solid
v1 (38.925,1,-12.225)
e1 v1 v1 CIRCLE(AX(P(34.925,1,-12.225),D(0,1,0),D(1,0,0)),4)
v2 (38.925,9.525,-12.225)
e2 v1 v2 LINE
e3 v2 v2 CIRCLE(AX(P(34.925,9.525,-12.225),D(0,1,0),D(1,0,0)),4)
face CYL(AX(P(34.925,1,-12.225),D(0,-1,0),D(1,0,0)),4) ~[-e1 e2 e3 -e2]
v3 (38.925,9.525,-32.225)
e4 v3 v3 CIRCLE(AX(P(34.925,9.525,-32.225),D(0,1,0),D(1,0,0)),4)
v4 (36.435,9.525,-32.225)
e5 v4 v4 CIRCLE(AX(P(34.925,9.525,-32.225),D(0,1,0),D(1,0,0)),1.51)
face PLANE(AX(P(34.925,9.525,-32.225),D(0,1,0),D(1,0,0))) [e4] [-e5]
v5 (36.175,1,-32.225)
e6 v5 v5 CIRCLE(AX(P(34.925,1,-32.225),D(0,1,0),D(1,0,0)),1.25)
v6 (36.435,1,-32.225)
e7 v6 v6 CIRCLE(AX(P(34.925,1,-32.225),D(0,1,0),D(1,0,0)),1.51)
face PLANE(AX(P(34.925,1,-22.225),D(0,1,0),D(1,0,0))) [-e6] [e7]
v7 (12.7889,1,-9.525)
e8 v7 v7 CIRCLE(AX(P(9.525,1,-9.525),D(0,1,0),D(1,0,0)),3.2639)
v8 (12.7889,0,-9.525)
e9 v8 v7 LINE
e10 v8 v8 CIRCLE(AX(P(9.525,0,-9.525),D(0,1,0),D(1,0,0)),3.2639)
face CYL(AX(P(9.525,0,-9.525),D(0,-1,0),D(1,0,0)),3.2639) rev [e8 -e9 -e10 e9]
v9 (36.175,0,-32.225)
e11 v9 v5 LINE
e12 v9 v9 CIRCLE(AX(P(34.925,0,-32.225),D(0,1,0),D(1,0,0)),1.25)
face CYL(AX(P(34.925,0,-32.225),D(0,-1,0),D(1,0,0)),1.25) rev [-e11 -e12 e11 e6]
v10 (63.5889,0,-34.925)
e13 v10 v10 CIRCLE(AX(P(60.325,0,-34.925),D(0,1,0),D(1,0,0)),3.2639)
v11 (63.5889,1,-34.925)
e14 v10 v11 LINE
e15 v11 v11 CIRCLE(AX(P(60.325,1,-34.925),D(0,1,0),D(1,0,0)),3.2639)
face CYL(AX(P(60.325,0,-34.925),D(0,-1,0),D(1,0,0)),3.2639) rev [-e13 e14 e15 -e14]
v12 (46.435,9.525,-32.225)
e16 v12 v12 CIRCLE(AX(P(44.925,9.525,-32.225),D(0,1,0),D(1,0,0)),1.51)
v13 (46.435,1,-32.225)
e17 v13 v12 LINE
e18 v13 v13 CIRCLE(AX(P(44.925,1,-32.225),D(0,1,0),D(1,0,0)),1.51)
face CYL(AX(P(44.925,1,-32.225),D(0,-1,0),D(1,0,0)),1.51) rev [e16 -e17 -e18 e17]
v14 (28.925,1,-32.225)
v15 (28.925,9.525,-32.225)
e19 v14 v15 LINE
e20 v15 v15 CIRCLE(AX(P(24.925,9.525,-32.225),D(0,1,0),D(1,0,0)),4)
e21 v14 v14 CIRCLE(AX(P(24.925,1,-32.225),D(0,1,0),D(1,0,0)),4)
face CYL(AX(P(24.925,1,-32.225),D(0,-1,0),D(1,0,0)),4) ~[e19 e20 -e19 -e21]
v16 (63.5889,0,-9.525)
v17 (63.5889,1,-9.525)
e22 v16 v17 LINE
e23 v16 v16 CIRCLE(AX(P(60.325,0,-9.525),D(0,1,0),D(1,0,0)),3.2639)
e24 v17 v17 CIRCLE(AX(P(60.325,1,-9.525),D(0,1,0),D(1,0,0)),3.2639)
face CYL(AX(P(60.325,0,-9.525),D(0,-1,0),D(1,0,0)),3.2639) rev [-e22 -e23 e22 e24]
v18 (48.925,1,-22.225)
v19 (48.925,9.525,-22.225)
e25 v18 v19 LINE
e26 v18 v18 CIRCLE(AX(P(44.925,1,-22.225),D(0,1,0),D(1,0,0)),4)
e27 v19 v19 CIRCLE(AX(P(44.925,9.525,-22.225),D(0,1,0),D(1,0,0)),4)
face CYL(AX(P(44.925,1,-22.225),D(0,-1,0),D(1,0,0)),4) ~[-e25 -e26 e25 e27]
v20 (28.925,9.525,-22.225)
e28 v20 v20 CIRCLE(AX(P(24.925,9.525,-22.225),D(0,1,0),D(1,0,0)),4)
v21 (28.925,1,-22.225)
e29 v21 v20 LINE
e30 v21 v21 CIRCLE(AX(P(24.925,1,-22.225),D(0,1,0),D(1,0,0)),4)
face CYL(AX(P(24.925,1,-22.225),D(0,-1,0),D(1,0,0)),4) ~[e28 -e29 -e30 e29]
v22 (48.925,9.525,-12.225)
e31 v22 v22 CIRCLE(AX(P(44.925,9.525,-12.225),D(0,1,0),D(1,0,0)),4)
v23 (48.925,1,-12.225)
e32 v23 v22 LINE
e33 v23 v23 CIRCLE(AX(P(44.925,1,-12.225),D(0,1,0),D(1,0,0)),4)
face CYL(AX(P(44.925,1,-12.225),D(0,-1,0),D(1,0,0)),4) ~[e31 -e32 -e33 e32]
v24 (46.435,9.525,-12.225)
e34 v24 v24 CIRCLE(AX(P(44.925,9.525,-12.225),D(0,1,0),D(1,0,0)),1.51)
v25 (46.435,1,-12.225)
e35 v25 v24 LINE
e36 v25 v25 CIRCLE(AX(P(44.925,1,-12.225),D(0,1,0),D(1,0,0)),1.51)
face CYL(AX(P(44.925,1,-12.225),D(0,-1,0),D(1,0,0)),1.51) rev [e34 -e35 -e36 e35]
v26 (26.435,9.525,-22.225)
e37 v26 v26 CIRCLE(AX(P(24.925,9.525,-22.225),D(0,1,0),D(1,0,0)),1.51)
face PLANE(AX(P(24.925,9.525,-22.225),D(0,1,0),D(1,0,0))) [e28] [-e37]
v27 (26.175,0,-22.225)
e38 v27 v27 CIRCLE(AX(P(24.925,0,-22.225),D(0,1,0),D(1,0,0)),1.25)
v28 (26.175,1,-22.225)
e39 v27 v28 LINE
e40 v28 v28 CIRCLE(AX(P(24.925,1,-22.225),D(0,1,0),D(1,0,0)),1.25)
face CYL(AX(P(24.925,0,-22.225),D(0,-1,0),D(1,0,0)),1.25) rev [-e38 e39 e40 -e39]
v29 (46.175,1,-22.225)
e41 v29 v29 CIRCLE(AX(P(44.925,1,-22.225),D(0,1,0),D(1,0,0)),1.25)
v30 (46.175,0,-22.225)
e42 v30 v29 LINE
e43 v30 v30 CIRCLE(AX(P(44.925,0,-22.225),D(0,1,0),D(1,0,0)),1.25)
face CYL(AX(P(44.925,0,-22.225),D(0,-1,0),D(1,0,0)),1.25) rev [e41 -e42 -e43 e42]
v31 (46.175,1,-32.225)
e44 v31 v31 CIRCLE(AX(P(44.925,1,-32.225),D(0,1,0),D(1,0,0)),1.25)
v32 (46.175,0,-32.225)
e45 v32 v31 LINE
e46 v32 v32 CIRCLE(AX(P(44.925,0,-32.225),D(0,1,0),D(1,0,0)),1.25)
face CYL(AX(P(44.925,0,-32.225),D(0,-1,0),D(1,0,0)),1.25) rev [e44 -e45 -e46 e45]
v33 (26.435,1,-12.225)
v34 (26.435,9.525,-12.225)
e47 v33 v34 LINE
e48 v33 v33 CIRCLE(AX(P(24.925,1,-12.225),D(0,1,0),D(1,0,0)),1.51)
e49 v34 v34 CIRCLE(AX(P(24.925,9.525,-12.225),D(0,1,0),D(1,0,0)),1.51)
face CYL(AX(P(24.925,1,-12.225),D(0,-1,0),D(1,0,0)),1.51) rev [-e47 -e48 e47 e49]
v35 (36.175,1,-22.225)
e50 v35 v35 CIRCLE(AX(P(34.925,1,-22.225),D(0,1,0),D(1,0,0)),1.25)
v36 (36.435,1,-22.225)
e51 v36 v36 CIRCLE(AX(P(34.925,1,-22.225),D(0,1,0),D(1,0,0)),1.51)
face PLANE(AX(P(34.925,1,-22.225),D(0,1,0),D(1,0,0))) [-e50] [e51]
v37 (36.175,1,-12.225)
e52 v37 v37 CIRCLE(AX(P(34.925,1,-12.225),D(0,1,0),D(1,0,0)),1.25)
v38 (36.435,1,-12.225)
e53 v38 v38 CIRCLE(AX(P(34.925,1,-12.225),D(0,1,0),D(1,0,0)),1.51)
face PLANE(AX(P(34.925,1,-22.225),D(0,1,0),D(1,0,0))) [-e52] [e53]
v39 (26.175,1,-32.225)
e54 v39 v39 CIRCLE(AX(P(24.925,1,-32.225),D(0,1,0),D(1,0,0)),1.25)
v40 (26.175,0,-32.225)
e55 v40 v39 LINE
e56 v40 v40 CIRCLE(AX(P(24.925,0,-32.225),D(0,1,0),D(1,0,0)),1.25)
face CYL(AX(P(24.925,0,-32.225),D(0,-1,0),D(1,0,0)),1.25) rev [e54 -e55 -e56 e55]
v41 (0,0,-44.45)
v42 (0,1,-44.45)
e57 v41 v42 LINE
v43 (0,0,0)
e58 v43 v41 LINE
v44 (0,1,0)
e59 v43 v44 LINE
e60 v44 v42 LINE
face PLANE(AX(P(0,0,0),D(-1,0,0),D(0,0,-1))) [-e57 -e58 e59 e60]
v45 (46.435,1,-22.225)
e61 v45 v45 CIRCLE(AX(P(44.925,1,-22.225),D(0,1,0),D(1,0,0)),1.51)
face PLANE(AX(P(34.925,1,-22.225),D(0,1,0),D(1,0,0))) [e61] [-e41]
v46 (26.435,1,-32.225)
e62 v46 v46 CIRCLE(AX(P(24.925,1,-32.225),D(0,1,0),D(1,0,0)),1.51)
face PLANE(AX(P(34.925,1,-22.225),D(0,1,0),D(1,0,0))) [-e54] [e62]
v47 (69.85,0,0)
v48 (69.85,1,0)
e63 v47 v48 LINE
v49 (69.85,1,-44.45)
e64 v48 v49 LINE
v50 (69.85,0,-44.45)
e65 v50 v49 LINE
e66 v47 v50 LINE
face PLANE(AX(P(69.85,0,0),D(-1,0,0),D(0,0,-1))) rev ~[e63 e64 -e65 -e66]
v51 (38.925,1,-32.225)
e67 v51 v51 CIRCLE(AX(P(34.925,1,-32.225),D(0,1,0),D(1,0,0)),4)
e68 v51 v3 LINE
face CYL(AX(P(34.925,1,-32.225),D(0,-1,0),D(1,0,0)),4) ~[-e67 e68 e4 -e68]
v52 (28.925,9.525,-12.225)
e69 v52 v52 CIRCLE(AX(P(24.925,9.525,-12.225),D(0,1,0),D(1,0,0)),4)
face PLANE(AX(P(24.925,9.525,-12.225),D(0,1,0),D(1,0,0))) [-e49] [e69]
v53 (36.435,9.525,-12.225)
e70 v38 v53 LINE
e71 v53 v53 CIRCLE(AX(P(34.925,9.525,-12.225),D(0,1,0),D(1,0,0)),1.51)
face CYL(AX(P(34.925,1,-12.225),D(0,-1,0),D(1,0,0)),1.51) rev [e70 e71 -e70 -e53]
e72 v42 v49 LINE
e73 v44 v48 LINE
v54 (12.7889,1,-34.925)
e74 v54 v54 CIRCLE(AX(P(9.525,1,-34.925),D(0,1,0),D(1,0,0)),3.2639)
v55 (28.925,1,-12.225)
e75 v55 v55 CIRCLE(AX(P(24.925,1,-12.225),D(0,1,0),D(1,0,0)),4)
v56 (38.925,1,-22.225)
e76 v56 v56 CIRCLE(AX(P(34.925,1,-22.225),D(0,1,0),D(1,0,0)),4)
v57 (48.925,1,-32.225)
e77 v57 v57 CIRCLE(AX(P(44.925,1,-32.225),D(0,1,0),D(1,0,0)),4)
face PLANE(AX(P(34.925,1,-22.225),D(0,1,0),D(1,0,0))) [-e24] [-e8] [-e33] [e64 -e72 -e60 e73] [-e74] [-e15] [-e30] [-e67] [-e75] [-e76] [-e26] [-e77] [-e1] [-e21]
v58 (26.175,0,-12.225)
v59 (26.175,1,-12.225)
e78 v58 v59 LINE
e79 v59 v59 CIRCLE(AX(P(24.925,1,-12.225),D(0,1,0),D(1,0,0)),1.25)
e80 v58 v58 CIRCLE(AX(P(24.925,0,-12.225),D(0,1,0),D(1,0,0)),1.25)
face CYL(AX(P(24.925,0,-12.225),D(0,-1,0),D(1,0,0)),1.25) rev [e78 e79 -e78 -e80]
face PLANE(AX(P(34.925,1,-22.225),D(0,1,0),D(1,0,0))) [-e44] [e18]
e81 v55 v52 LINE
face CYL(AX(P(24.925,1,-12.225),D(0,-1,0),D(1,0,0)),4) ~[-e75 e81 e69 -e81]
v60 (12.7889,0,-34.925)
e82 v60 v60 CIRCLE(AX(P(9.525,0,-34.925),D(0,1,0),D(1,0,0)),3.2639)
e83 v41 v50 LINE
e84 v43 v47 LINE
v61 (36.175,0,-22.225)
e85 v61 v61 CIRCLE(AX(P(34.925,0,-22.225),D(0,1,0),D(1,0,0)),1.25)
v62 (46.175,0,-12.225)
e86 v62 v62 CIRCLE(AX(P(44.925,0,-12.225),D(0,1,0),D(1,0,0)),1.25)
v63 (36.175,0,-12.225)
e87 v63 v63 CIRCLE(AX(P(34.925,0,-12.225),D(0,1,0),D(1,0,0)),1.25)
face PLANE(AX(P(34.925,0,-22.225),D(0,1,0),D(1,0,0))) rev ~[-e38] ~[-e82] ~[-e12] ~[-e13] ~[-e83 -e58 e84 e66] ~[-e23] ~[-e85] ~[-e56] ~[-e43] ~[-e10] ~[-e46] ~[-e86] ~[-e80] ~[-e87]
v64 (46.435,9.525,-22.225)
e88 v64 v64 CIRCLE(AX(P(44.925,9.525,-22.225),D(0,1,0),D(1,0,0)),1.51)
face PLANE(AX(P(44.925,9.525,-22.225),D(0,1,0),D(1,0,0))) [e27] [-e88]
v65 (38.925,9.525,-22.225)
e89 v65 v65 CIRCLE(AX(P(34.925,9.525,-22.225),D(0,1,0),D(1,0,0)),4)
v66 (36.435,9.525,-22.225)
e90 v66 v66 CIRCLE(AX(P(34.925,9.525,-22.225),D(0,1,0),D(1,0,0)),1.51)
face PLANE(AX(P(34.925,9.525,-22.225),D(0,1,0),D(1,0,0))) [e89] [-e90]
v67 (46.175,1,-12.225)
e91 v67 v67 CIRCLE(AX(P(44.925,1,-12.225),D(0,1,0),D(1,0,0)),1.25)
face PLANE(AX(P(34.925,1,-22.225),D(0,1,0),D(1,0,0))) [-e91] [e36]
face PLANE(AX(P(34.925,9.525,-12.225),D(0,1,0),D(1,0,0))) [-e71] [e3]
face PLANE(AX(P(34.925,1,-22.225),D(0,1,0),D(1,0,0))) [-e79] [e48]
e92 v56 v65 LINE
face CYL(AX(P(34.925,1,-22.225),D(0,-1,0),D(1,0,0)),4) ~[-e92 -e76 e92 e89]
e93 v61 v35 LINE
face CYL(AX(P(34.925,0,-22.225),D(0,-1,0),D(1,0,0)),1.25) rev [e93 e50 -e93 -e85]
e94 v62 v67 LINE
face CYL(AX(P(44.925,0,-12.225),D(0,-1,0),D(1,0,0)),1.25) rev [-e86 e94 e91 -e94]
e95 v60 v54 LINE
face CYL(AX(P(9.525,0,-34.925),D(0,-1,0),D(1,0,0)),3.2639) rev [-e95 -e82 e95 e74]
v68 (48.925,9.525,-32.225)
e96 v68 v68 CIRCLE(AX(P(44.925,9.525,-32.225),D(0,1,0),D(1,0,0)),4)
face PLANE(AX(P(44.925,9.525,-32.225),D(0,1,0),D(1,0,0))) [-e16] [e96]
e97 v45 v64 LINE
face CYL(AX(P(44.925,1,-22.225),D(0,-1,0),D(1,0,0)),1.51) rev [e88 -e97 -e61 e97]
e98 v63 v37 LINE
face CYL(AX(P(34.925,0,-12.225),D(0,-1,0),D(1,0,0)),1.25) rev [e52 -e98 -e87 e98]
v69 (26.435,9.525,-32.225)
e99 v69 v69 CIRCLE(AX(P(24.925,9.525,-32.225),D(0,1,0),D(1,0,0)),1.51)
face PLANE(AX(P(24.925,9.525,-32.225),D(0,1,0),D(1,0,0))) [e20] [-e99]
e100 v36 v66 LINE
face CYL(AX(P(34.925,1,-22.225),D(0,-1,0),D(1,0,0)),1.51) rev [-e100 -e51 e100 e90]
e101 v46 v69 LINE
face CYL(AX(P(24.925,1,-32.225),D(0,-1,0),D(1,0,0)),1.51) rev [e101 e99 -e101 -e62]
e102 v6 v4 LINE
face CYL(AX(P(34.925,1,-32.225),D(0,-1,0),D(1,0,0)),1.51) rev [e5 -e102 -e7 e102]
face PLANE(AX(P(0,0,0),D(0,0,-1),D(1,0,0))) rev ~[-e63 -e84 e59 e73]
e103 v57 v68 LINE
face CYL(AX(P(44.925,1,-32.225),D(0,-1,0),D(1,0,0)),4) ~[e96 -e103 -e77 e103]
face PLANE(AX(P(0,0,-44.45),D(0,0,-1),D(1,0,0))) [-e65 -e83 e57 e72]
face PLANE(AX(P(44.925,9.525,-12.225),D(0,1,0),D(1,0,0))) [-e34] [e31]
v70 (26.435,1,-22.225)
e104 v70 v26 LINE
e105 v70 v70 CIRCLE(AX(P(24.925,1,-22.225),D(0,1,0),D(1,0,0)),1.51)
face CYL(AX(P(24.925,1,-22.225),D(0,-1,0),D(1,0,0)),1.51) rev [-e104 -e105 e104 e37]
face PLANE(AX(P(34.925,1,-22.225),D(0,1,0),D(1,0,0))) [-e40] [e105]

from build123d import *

# Parameters (mm, degrees)
SKETCH1_W           = 69.85
SKETCH1_H           = 44.45
SKETCH1_R           = 1.25
SKETCH1_R_2         = 3.2639
BOSS_EXTRUDE1_DEPTH = 1
SKETCH2_R           = 4
SKETCH2_R_2         = 1.51
BOSS_EXTRUDE2_DEPTH = 8.525


with BuildPart() as part:
    # Sketch1 → Boss-Extrude1 (new body)
    with BuildSketch(Plane(origin=(0, 0, 0), x_dir=(1, 0, 0), z_dir=(0, 1, 0))):
        with Locations((34.925, 22.225)):
            Rectangle(SKETCH1_W, SKETCH1_H)
        with Locations((24.925, 12.225)):
            Circle(SKETCH1_R, mode=Mode.SUBTRACT)
        with Locations((34.925, 12.225)):
            Circle(SKETCH1_R, mode=Mode.SUBTRACT)
        with Locations((44.925, 12.225)):
            Circle(SKETCH1_R, mode=Mode.SUBTRACT)
        with Locations((24.925, 32.225)):
            Circle(SKETCH1_R, mode=Mode.SUBTRACT)
        with Locations((24.925, 22.225)):
            Circle(SKETCH1_R, mode=Mode.SUBTRACT)
        with Locations((34.925, 32.225)):
            Circle(SKETCH1_R, mode=Mode.SUBTRACT)
        with Locations((44.925, 32.225)):
            Circle(SKETCH1_R, mode=Mode.SUBTRACT)
        with Locations((44.925, 22.225)):
            Circle(SKETCH1_R, mode=Mode.SUBTRACT)
        with Locations((34.925, 22.225)):
            Circle(SKETCH1_R, mode=Mode.SUBTRACT)
        with Locations((60.325, 9.525)):
            Circle(SKETCH1_R_2, mode=Mode.SUBTRACT)
        with Locations((9.525, 9.525)):
            Circle(SKETCH1_R_2, mode=Mode.SUBTRACT)
        with Locations((60.325, 34.925)):
            Circle(SKETCH1_R_2, mode=Mode.SUBTRACT)
        with Locations((9.525, 34.925)):
            Circle(SKETCH1_R_2, mode=Mode.SUBTRACT)
    extrude(amount=BOSS_EXTRUDE1_DEPTH)

    # Sketch2 → Boss-Extrude2 (add)
    with BuildSketch(Plane(origin=(0, 1, 0), x_dir=(1, 0, 0), z_dir=(0, 1, 0))):
        with Locations((34.925, 22.225)):
            Circle(SKETCH2_R)
        with Locations((34.925, 22.225)):
            Circle(SKETCH2_R_2, mode=Mode.SUBTRACT)
        with Locations((44.925, 22.225)):
            Circle(SKETCH2_R)
        with Locations((44.925, 22.225)):
            Circle(SKETCH2_R_2, mode=Mode.SUBTRACT)
        with Locations((44.925, 32.225)):
            Circle(SKETCH2_R)
        with Locations((44.925, 32.225)):
            Circle(SKETCH2_R_2, mode=Mode.SUBTRACT)
        with Locations((34.925, 32.225)):
            Circle(SKETCH2_R)
        with Locations((34.925, 32.225)):
            Circle(SKETCH2_R_2, mode=Mode.SUBTRACT)
        with Locations((44.925, 12.225)):
            Circle(SKETCH2_R)
        with Locations((44.925, 12.225)):
            Circle(SKETCH2_R_2, mode=Mode.SUBTRACT)
        with Locations((34.925, 12.225)):
            Circle(SKETCH2_R)
        with Locations((34.925, 12.225)):
            Circle(SKETCH2_R_2, mode=Mode.SUBTRACT)
        with Locations((24.925, 22.225)):
            Circle(SKETCH2_R)
        with Locations((24.925, 22.225)):
            Circle(SKETCH2_R_2, mode=Mode.SUBTRACT)
        with Locations((24.925, 32.225)):
            Circle(SKETCH2_R)
        with Locations((24.925, 32.225)):
            Circle(SKETCH2_R_2, mode=Mode.SUBTRACT)
        with Locations((24.925, 12.225)):
            Circle(SKETCH2_R)
        with Locations((24.925, 12.225)):
            Circle(SKETCH2_R_2, mode=Mode.SUBTRACT)
    extrude(amount=BOSS_EXTRUDE2_DEPTH)


solid = part.part
